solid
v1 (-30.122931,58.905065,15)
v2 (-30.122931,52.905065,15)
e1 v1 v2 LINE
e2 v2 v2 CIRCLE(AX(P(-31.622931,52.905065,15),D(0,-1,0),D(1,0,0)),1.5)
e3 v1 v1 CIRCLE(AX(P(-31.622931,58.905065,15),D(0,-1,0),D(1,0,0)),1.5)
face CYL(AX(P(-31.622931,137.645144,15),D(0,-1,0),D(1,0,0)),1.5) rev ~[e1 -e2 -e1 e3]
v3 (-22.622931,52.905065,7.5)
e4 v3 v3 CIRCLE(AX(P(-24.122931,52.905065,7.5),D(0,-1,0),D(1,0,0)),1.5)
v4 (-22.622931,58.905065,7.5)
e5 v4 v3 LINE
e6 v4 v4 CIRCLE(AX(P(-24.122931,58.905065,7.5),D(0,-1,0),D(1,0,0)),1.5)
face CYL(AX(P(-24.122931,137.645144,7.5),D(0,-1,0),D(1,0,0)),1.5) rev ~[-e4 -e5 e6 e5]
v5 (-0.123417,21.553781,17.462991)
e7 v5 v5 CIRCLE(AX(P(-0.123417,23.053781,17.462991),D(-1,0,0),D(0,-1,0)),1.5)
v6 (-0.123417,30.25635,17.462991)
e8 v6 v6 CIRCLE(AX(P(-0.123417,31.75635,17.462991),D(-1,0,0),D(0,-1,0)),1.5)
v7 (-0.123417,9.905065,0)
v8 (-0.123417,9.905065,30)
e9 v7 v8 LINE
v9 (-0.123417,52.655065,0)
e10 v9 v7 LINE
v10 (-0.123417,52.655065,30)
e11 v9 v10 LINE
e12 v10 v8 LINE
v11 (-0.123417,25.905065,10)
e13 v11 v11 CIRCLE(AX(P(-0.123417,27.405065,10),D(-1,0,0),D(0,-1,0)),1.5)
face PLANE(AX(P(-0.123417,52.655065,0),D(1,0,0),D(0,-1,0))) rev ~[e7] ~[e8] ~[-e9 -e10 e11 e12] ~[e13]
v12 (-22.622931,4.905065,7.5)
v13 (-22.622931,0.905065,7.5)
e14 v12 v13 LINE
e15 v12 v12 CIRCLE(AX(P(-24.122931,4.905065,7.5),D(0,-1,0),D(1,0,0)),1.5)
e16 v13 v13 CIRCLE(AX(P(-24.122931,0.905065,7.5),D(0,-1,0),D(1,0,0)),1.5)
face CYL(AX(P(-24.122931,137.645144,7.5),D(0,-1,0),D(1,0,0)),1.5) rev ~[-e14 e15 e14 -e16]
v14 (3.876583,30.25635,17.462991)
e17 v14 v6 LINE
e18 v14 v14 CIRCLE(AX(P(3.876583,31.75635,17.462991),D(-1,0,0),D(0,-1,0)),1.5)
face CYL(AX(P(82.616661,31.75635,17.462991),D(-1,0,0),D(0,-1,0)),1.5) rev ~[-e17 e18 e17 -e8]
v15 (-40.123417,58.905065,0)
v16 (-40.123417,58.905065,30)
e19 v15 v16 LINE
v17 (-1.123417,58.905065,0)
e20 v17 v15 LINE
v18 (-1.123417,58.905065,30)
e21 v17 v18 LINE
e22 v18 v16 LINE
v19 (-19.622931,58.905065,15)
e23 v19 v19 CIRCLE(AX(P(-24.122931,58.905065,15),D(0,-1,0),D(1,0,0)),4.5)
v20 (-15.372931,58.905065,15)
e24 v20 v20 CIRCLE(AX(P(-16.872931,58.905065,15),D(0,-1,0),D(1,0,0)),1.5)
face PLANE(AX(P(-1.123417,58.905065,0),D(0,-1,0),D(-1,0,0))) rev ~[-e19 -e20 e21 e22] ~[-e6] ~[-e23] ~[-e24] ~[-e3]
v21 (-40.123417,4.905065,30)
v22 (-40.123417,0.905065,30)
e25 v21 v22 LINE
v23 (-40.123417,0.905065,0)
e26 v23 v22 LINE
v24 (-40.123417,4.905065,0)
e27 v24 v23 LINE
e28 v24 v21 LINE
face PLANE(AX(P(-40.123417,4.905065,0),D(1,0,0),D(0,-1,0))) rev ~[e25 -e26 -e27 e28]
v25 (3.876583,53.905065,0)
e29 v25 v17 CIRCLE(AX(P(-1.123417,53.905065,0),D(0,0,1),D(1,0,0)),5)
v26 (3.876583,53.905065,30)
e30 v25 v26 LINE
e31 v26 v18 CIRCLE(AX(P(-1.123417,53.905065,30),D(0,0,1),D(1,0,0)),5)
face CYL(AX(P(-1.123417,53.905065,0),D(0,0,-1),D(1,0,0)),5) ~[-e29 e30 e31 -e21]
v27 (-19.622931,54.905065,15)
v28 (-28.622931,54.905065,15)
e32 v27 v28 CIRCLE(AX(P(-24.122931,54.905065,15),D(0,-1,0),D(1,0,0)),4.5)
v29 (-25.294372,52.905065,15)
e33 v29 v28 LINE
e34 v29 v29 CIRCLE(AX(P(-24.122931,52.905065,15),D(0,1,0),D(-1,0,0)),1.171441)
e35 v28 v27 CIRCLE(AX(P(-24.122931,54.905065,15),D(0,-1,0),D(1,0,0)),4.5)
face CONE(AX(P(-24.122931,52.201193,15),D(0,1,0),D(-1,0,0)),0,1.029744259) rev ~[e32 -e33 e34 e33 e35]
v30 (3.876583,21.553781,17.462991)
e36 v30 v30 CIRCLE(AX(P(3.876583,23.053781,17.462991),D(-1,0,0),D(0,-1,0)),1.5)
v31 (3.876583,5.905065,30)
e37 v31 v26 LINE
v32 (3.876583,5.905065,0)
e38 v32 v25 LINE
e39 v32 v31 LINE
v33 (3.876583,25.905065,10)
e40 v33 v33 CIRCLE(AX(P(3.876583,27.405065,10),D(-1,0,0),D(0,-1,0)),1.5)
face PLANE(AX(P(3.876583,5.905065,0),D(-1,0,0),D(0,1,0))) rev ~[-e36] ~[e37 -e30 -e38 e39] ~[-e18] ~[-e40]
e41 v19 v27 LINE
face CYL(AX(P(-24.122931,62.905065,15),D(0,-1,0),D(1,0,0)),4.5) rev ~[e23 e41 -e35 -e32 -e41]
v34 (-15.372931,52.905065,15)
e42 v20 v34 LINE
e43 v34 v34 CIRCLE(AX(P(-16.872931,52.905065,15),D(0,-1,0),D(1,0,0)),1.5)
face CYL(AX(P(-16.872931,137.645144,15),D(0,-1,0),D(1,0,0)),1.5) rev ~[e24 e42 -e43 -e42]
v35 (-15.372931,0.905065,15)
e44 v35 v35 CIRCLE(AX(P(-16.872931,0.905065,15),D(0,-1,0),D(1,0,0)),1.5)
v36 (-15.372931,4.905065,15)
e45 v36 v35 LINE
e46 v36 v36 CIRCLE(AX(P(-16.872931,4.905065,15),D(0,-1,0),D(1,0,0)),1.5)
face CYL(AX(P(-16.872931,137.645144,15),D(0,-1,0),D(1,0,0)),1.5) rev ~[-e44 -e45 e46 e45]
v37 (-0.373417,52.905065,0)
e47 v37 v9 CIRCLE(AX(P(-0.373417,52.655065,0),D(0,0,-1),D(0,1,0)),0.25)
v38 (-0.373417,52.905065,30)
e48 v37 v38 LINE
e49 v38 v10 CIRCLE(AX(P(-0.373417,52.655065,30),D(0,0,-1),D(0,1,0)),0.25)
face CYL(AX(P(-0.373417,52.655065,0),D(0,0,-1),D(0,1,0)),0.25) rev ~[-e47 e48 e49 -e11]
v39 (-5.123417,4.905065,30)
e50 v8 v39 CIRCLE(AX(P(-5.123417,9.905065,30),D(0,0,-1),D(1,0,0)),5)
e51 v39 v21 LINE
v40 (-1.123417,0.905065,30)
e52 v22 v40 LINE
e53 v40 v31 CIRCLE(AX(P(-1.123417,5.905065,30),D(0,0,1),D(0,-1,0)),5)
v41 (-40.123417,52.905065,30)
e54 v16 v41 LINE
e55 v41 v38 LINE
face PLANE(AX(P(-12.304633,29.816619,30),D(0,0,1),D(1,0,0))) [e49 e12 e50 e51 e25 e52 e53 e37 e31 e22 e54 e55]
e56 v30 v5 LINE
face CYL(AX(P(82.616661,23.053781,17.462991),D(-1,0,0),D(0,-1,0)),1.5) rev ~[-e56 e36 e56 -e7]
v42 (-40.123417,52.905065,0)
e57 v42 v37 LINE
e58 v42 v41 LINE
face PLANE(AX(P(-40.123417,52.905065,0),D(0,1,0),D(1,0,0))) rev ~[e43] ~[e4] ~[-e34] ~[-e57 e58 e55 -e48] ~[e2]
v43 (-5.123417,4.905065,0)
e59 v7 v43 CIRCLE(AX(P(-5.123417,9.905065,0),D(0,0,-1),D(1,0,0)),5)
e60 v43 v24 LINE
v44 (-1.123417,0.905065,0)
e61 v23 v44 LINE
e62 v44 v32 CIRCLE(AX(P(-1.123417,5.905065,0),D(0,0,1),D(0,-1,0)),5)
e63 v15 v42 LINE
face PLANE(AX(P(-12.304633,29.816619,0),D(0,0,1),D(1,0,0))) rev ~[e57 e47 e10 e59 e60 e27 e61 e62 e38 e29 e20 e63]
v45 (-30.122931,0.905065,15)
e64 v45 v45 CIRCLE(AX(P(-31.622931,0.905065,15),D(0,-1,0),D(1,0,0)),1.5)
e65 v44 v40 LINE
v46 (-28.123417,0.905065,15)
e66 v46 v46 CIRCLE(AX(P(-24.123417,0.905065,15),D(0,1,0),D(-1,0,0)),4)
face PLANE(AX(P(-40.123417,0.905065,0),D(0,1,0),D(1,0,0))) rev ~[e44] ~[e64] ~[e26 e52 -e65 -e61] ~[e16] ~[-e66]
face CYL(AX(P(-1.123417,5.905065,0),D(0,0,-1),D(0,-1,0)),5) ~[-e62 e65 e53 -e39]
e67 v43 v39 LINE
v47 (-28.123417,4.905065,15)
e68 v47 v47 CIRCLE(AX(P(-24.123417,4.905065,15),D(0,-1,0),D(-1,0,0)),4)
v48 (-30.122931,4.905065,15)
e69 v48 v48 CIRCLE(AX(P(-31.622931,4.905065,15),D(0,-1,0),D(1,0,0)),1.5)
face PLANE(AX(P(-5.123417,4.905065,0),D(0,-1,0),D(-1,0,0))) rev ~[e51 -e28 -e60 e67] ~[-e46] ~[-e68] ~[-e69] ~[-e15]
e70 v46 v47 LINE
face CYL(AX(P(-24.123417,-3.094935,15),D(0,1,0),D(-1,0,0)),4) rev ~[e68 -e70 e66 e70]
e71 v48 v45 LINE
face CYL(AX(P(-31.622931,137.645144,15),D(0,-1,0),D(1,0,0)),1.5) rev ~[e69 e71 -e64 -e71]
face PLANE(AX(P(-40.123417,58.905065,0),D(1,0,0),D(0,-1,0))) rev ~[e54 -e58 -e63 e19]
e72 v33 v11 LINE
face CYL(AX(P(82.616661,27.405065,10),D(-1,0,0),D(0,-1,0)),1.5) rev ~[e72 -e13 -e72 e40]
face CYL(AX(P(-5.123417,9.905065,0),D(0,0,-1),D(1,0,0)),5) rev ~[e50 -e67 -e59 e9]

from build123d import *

# Parameters (mm, degrees)
F1_DEPTH = 30
F3_D     = 3
F5_D     = 9
F5_DEPTH = 4
F5_TIP   = 2.7038727856
F7_D     = 3
F9_D     = 8
F9_DEPTH = 4
F9_TIP   = 2.4034424761


with BuildPart() as f1:
    # F0 (on Top) → F1 (new body)
    with BuildSketch(Plane.XY):
        with BuildLine():
            ThreePointArc((-0.3734174669, 52.9050653557), (-0.1966407716, 52.831842051), (-0.1234174669, 52.6550653557))
            Line((-0.1234174669, 52.6550653557), (-0.1234174669, 9.9050653557))
            ThreePointArc((-0.1234174669, 9.9050653557), (-1.5878835609, 6.3695314498), (-5.1234174669, 4.9050653557))
            Line((-5.1234174669, 4.9050653557), (-40.1234174669, 4.9050653557))
            Line((-40.1234174669, 4.9050653557), (-40.1234174669, 0.9050653557))
            Line((-40.1234174669, 0.9050653557), (-1.1234174669, 0.9050653557))
            ThreePointArc((-1.1234174669, 0.9050653557), (2.4121164391, 2.3695314498), (3.8765825331, 5.9050653557))
            Line((3.8765825331, 5.9050653557), (3.8765825331, 53.9050653557))
            ThreePointArc((3.8765825331, 53.9050653557), (2.4121164391, 57.4405992616), (-1.1234174669, 58.9050653557))
            Line((-1.1234174669, 58.9050653557), (-40.1234174669, 58.9050653557))
            Line((-40.1234174669, 58.9050653557), (-40.1234174669, 52.9050653557))
            Line((-40.1234174669, 52.9050653557), (-0.3734174669, 52.9050653557))
        make_face()
    extrude(amount=F1_DEPTH)

    # F3 (through all)
    with Locations(Plane.YZ.offset(3.8765825331)):
        with Locations((23.0537810803, 17.4629910993), (27.4050653557, 10), (31.7563496311, 17.4629910993)):
            Hole(F3_D / 2)

    # F5
    with Locations(Plane(origin=(0, 58.9050653557, 0), x_dir=(-1, 0, 0), z_dir=(0, 1, 0))):
        with Locations((24.1229310632, 15)):
            Hole(F5_D / 2, depth=F5_DEPTH)
            with Locations((0, 0, -(F5_DEPTH + F5_TIP / 2))):  # 118° drill point
                Cone(0, F5_D / 2, F5_TIP, mode=Mode.SUBTRACT)

    # F7 (through all)
    with Locations(Plane(origin=(0, 58.9050653557, 0), x_dir=(-1, 0, 0), z_dir=(0, 1, 0))):
        with Locations((31.6229310632, 15), (24.1229310632, 7.5), (16.8729310632, 15)):
            Hole(F7_D / 2)

    # F9
    with Locations(Plane.XZ.offset(-0.9050653557)):
        with Locations((-24.1234174669, 15)):
            Hole(F9_D / 2, depth=F9_DEPTH)
            with Locations((0, 0, -(F9_DEPTH + F9_TIP / 2))):  # 118° drill point
                Cone(0, F9_D / 2, F9_TIP, mode=Mode.SUBTRACT)


solid = f1.part
